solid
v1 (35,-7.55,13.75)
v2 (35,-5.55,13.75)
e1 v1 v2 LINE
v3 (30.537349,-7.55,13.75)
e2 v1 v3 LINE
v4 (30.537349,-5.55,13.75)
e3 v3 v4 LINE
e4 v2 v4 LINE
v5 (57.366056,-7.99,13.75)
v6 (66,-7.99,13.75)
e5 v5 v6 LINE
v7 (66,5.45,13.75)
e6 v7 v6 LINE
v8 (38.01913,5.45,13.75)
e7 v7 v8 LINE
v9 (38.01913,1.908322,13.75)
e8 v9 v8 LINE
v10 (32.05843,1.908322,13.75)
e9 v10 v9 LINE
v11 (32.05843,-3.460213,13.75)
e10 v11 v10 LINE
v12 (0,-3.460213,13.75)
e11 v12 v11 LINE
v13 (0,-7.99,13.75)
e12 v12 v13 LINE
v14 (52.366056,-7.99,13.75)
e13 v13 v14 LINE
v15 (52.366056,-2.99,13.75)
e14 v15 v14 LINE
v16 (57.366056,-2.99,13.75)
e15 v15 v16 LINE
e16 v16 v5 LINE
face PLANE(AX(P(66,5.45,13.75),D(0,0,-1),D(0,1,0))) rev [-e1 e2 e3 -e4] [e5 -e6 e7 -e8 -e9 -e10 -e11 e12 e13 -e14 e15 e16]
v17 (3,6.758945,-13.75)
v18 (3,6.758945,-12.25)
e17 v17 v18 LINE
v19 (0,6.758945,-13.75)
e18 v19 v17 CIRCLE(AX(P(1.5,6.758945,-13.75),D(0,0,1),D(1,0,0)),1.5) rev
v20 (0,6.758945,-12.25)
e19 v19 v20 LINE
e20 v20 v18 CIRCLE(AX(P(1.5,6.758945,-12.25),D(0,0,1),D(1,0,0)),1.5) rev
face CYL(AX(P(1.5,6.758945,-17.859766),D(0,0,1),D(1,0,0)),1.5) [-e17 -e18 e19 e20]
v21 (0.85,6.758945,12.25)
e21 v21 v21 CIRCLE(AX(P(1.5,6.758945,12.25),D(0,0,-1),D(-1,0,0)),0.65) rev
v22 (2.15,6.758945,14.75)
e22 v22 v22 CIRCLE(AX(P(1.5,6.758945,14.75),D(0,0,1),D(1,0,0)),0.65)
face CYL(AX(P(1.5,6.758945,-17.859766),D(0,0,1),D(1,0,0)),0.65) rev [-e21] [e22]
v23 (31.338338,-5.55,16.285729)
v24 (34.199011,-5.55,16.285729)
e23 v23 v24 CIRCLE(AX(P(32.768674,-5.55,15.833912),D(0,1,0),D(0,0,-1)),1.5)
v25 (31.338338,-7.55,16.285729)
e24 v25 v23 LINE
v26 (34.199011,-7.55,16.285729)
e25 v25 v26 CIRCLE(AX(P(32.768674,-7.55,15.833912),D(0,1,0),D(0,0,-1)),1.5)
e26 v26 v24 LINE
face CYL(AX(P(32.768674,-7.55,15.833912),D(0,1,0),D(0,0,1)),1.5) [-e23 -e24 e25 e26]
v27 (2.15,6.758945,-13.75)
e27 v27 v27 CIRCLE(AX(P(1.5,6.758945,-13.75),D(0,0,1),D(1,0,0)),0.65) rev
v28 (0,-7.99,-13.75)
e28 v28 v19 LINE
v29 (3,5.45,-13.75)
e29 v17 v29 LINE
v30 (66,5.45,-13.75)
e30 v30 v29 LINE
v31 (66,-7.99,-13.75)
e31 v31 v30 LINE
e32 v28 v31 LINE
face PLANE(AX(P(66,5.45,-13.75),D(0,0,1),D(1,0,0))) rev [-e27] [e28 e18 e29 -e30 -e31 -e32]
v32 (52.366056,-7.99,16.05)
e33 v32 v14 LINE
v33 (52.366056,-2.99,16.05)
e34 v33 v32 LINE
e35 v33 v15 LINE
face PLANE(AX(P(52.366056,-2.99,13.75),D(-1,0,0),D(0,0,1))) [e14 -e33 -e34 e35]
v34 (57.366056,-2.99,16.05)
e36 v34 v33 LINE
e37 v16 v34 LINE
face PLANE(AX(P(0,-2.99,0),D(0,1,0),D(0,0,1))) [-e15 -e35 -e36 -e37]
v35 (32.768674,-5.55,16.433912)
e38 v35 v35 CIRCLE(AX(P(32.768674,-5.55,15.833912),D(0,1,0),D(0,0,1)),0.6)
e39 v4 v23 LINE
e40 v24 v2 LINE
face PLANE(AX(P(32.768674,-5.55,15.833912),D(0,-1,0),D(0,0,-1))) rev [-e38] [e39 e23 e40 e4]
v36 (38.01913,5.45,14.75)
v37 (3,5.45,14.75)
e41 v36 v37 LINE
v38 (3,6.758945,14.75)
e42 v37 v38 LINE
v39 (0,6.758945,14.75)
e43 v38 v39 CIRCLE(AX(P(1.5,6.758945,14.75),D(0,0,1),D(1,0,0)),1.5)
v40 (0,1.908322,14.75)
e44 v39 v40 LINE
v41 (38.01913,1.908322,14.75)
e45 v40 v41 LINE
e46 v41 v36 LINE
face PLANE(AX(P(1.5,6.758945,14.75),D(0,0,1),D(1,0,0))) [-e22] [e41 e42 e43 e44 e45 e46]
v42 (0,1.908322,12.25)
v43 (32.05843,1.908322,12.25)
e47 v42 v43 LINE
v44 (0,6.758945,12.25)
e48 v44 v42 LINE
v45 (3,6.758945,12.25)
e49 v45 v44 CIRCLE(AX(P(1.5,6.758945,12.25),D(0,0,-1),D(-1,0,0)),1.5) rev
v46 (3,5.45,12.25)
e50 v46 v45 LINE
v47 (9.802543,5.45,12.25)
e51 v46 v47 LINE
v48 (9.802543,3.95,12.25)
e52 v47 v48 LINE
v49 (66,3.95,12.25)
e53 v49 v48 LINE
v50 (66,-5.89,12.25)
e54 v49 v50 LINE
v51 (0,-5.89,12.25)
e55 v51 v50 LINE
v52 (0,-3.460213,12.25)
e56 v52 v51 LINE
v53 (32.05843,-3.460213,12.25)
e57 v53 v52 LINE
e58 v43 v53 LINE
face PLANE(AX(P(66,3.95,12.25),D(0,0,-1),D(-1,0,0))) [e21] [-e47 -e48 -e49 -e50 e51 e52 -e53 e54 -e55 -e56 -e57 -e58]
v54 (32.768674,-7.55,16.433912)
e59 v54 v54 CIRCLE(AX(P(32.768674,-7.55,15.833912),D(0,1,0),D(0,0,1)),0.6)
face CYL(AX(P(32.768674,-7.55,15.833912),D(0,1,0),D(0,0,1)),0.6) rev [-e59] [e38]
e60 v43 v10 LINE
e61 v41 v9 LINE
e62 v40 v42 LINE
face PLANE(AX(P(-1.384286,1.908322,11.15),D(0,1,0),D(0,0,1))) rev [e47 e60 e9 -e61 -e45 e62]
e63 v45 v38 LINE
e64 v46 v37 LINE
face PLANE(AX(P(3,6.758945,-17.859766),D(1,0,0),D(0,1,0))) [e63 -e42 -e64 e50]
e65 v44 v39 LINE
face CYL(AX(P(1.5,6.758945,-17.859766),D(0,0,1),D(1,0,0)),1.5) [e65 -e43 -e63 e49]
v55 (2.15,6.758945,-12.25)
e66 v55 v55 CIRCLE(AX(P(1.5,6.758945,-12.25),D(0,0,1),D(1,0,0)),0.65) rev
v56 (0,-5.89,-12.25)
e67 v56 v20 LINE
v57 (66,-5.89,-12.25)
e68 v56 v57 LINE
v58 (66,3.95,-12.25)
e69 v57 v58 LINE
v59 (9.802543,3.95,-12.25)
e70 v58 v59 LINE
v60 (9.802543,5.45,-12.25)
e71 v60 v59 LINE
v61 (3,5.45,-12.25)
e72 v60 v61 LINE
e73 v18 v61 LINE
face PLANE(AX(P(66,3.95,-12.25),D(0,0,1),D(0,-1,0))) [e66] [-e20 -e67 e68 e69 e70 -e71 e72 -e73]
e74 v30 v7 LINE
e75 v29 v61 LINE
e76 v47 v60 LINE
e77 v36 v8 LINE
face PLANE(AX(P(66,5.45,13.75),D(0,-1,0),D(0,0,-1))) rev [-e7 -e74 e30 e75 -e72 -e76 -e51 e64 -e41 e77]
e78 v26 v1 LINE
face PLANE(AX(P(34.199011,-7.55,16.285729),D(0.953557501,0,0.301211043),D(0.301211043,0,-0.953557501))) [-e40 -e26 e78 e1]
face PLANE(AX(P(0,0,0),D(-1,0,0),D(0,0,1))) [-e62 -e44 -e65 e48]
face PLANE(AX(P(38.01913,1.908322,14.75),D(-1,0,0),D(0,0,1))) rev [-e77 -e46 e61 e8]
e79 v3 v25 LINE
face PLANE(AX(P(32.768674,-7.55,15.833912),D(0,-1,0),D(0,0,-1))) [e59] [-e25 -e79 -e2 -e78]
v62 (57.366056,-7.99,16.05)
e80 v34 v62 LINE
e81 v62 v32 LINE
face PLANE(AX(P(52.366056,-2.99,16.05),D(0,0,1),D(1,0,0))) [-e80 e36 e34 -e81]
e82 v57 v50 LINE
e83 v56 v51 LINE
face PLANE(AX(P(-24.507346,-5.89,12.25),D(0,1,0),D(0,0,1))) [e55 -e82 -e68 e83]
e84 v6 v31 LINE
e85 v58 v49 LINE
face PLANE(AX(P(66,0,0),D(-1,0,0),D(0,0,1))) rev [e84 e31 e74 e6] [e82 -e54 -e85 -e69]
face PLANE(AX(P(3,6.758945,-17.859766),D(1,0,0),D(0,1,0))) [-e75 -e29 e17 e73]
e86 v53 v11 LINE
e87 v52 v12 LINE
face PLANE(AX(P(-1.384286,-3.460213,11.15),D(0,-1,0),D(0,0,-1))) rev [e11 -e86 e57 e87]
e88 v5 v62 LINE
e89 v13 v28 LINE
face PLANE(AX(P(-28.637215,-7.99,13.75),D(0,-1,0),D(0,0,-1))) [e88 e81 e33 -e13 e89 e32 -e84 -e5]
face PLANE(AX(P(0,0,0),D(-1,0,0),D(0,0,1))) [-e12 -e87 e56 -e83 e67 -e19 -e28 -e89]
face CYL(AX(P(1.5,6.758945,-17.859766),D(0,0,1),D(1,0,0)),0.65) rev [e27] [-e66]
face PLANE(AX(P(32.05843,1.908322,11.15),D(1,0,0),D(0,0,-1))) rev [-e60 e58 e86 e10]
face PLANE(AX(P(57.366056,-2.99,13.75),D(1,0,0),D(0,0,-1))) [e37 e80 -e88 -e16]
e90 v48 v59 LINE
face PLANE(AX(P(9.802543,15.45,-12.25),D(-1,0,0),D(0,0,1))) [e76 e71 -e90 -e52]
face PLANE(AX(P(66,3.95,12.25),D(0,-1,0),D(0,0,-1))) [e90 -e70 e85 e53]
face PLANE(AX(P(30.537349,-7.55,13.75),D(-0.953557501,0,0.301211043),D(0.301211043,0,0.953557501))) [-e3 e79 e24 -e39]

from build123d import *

# Parameters (mm, degrees)
SKETCH_1_W               = 27.5
SKETCH_1_H               = 10.9
SKETCH_1_W_2             = 24.5
SKETCH_1_H_2             = 7.9
EXTRUDE_1_DEPTH          = 66
SKETCH_3_W               = 141.586461115
SKETCH_3_H               = 11.077241851
CUT_EXTRUDE_1_DEPTH      = 50
SKETCH_4_R               = 0.65
EXTRUDE_2_DEPTH          = 27.5
CUT_EXTRUDE_2_DEPTH      = 10
CUT_EXTRUDE_2_DEPTH_BACK = 10
SKETCH_5_W               = 27.947827097
SKETCH_5_H               = 24.5
EXTRUDE_3_DEPTH          = 66
EXTRUDE_START            = -11
SKETCH_9_R               = 0.6
EXTRUDE_5_DEPTH          = 2
SKETCH_10_W              = 33.442715753
SKETCH_10_H              = 5.368535072
CUT_EXTRUDE_3_DEPTH      = 2.6
SKETCH_11_W              = 5
SKETCH_11_H              = 2.3
EXTRUDE_6_DEPTH          = 5
EXTRUDE_START_2          = 1
SKETCH_12_R              = 0.65
EXTRUDE_7_DEPTH          = 1
SKETCH_13_W              = 24.5
SKETCH_13_H              = 0.6
EXTRUDE_8_DEPTH          = 66


with BuildPart() as part:
    # 草图1 → 凸台-拉伸1 (new body)
    with BuildSketch(Plane(origin=(0, 0, 0), x_dir=(0, 0, -1), z_dir=(1, 0, 0))):
        Rectangle(SKETCH_1_W, SKETCH_1_H)
        Rectangle(SKETCH_1_W_2, SKETCH_1_H_2, mode=Mode.SUBTRACT)
    extrude(amount=EXTRUDE_1_DEPTH)

    # 草图3 → 切除-拉伸1 (cut)
    with BuildSketch(Plane.XY.offset(13.75)):
        with Locations((67.57974516, -5.538620926)):
            Rectangle(SKETCH_3_W, SKETCH_3_H)
    extrude(amount=-CUT_EXTRUDE_1_DEPTH, mode=Mode.SUBTRACT)

    # 草图4 → 凸台-拉伸2 (add)
    with BuildSketch(Plane.XY.offset(13.75)):
        with BuildLine():
            Line((0, 6.758945139), (0, 5.45))
            Line((0, 5.45), (3, 5.45))
            Line((3, 5.45), (3, 6.758945139))
            ThreePointArc((3, 6.758945139), (1.5, 8.258945139), (0, 6.758945139))
        make_face()
        with Locations((1.5, 6.758945139)):
            Circle(SKETCH_4_R, mode=Mode.SUBTRACT)
    extrude(amount=-EXTRUDE_2_DEPTH)

    # 草图5 → 切除-拉伸2 (cut, two sides: drawn at the far end of the back side and taken through both)
    with BuildSketch(Plane(origin=(0, 5.45, 0), x_dir=(1, 0, 0), z_dir=(0, 1, 0)).offset(-CUT_EXTRUDE_2_DEPTH_BACK)):
        with Locations((-4.171370472, 0)):
            Rectangle(SKETCH_5_W, SKETCH_5_H)
    extrude(amount=CUT_EXTRUDE_2_DEPTH + CUT_EXTRUDE_2_DEPTH_BACK, mode=Mode.SUBTRACT)

    # 草图6 → 凸台-拉伸3 (add)
    with BuildSketch(Plane(origin=(66, 0, 0), x_dir=(0, 0, -1), z_dir=(1, 0, 0))):
        Polygon((-12.25, 0), (-12.25, -6.49), (12.25, -6.49), (12.25, 0), (13.75, 0), (13.75, -7.99), (-13.75, -7.99), (-13.75, 0), align=None)
    extrude(amount=-EXTRUDE_3_DEPTH)

    # 草图9 → 凸台-拉伸5 (add)
    with BuildSketch(Plane(origin=(0, 5.45, 0), x_dir=(1, 0, 0), z_dir=(0, 1, 0)).offset(EXTRUDE_START)):
        with BuildLine():
            Line((30.537348743, -13.75), (31.33833812, -16.285728508))
            ThreePointArc((31.33833812, -16.285728508), (32.768674372, -17.333911943), (34.199010623, -16.285728508))
            Line((34.199010623, -16.285728508), (35, -13.75))
            Line((35, -13.75), (30.537348743, -13.75))
        make_face()
        with Locations(Location((32.768674372, -15.833911943, 0), (0, 0, 270))):
            Circle(SKETCH_9_R, mode=Mode.SUBTRACT)
    extrude(amount=-EXTRUDE_5_DEPTH)

    # 草图10 → 切除-拉伸3 (cut)
    with BuildSketch(Plane.XY.offset(13.75)):
        with Locations((15.337072277, -0.775945513)):
            Rectangle(SKETCH_10_W, SKETCH_10_H)
    extrude(amount=-CUT_EXTRUDE_3_DEPTH, mode=Mode.SUBTRACT)

    # 草图11 → 凸台-拉伸6 (add)
    with BuildSketch(Plane.XZ.offset(7.99)):
        with Locations((54.86605626, 14.9)):
            Rectangle(SKETCH_11_W, SKETCH_11_H)
    extrude(amount=-EXTRUDE_6_DEPTH)

    # 草图12 → 凸台-拉伸7 (add)
    with BuildSketch(Plane.XY.offset(13.75).offset(EXTRUDE_START_2)):
        with BuildLine():
            Line((32.058430154, 1.908322023), (38.019129527, 1.908322023))
            Line((38.019129527, 1.908322023), (38.019129527, 5.45))
            Line((38.019129527, 5.45), (3, 5.45))
            Line((3, 5.45), (3, 6.758945139))
            ThreePointArc((3, 6.758945139), (1.5, 8.258945139), (0, 6.758945139))
            Line((0, 6.758945139), (0, 1.908322023))
            Line((0, 1.908322023), (32.058430154, 1.908322023))
        make_face()
        with Locations((1.5, 6.758945139)):
            Circle(SKETCH_12_R, mode=Mode.SUBTRACT)
    extrude(amount=-EXTRUDE_7_DEPTH)

    # 草图13 → 凸台-拉伸8 (add)
    with BuildSketch(Plane(origin=(66, 0, 0), x_dir=(0, 0, -1), z_dir=(1, 0, 0))):
        with Locations((0, -6.19)):
            Rectangle(SKETCH_13_W, SKETCH_13_H)
    extrude(amount=-EXTRUDE_8_DEPTH)


solid = part.part
